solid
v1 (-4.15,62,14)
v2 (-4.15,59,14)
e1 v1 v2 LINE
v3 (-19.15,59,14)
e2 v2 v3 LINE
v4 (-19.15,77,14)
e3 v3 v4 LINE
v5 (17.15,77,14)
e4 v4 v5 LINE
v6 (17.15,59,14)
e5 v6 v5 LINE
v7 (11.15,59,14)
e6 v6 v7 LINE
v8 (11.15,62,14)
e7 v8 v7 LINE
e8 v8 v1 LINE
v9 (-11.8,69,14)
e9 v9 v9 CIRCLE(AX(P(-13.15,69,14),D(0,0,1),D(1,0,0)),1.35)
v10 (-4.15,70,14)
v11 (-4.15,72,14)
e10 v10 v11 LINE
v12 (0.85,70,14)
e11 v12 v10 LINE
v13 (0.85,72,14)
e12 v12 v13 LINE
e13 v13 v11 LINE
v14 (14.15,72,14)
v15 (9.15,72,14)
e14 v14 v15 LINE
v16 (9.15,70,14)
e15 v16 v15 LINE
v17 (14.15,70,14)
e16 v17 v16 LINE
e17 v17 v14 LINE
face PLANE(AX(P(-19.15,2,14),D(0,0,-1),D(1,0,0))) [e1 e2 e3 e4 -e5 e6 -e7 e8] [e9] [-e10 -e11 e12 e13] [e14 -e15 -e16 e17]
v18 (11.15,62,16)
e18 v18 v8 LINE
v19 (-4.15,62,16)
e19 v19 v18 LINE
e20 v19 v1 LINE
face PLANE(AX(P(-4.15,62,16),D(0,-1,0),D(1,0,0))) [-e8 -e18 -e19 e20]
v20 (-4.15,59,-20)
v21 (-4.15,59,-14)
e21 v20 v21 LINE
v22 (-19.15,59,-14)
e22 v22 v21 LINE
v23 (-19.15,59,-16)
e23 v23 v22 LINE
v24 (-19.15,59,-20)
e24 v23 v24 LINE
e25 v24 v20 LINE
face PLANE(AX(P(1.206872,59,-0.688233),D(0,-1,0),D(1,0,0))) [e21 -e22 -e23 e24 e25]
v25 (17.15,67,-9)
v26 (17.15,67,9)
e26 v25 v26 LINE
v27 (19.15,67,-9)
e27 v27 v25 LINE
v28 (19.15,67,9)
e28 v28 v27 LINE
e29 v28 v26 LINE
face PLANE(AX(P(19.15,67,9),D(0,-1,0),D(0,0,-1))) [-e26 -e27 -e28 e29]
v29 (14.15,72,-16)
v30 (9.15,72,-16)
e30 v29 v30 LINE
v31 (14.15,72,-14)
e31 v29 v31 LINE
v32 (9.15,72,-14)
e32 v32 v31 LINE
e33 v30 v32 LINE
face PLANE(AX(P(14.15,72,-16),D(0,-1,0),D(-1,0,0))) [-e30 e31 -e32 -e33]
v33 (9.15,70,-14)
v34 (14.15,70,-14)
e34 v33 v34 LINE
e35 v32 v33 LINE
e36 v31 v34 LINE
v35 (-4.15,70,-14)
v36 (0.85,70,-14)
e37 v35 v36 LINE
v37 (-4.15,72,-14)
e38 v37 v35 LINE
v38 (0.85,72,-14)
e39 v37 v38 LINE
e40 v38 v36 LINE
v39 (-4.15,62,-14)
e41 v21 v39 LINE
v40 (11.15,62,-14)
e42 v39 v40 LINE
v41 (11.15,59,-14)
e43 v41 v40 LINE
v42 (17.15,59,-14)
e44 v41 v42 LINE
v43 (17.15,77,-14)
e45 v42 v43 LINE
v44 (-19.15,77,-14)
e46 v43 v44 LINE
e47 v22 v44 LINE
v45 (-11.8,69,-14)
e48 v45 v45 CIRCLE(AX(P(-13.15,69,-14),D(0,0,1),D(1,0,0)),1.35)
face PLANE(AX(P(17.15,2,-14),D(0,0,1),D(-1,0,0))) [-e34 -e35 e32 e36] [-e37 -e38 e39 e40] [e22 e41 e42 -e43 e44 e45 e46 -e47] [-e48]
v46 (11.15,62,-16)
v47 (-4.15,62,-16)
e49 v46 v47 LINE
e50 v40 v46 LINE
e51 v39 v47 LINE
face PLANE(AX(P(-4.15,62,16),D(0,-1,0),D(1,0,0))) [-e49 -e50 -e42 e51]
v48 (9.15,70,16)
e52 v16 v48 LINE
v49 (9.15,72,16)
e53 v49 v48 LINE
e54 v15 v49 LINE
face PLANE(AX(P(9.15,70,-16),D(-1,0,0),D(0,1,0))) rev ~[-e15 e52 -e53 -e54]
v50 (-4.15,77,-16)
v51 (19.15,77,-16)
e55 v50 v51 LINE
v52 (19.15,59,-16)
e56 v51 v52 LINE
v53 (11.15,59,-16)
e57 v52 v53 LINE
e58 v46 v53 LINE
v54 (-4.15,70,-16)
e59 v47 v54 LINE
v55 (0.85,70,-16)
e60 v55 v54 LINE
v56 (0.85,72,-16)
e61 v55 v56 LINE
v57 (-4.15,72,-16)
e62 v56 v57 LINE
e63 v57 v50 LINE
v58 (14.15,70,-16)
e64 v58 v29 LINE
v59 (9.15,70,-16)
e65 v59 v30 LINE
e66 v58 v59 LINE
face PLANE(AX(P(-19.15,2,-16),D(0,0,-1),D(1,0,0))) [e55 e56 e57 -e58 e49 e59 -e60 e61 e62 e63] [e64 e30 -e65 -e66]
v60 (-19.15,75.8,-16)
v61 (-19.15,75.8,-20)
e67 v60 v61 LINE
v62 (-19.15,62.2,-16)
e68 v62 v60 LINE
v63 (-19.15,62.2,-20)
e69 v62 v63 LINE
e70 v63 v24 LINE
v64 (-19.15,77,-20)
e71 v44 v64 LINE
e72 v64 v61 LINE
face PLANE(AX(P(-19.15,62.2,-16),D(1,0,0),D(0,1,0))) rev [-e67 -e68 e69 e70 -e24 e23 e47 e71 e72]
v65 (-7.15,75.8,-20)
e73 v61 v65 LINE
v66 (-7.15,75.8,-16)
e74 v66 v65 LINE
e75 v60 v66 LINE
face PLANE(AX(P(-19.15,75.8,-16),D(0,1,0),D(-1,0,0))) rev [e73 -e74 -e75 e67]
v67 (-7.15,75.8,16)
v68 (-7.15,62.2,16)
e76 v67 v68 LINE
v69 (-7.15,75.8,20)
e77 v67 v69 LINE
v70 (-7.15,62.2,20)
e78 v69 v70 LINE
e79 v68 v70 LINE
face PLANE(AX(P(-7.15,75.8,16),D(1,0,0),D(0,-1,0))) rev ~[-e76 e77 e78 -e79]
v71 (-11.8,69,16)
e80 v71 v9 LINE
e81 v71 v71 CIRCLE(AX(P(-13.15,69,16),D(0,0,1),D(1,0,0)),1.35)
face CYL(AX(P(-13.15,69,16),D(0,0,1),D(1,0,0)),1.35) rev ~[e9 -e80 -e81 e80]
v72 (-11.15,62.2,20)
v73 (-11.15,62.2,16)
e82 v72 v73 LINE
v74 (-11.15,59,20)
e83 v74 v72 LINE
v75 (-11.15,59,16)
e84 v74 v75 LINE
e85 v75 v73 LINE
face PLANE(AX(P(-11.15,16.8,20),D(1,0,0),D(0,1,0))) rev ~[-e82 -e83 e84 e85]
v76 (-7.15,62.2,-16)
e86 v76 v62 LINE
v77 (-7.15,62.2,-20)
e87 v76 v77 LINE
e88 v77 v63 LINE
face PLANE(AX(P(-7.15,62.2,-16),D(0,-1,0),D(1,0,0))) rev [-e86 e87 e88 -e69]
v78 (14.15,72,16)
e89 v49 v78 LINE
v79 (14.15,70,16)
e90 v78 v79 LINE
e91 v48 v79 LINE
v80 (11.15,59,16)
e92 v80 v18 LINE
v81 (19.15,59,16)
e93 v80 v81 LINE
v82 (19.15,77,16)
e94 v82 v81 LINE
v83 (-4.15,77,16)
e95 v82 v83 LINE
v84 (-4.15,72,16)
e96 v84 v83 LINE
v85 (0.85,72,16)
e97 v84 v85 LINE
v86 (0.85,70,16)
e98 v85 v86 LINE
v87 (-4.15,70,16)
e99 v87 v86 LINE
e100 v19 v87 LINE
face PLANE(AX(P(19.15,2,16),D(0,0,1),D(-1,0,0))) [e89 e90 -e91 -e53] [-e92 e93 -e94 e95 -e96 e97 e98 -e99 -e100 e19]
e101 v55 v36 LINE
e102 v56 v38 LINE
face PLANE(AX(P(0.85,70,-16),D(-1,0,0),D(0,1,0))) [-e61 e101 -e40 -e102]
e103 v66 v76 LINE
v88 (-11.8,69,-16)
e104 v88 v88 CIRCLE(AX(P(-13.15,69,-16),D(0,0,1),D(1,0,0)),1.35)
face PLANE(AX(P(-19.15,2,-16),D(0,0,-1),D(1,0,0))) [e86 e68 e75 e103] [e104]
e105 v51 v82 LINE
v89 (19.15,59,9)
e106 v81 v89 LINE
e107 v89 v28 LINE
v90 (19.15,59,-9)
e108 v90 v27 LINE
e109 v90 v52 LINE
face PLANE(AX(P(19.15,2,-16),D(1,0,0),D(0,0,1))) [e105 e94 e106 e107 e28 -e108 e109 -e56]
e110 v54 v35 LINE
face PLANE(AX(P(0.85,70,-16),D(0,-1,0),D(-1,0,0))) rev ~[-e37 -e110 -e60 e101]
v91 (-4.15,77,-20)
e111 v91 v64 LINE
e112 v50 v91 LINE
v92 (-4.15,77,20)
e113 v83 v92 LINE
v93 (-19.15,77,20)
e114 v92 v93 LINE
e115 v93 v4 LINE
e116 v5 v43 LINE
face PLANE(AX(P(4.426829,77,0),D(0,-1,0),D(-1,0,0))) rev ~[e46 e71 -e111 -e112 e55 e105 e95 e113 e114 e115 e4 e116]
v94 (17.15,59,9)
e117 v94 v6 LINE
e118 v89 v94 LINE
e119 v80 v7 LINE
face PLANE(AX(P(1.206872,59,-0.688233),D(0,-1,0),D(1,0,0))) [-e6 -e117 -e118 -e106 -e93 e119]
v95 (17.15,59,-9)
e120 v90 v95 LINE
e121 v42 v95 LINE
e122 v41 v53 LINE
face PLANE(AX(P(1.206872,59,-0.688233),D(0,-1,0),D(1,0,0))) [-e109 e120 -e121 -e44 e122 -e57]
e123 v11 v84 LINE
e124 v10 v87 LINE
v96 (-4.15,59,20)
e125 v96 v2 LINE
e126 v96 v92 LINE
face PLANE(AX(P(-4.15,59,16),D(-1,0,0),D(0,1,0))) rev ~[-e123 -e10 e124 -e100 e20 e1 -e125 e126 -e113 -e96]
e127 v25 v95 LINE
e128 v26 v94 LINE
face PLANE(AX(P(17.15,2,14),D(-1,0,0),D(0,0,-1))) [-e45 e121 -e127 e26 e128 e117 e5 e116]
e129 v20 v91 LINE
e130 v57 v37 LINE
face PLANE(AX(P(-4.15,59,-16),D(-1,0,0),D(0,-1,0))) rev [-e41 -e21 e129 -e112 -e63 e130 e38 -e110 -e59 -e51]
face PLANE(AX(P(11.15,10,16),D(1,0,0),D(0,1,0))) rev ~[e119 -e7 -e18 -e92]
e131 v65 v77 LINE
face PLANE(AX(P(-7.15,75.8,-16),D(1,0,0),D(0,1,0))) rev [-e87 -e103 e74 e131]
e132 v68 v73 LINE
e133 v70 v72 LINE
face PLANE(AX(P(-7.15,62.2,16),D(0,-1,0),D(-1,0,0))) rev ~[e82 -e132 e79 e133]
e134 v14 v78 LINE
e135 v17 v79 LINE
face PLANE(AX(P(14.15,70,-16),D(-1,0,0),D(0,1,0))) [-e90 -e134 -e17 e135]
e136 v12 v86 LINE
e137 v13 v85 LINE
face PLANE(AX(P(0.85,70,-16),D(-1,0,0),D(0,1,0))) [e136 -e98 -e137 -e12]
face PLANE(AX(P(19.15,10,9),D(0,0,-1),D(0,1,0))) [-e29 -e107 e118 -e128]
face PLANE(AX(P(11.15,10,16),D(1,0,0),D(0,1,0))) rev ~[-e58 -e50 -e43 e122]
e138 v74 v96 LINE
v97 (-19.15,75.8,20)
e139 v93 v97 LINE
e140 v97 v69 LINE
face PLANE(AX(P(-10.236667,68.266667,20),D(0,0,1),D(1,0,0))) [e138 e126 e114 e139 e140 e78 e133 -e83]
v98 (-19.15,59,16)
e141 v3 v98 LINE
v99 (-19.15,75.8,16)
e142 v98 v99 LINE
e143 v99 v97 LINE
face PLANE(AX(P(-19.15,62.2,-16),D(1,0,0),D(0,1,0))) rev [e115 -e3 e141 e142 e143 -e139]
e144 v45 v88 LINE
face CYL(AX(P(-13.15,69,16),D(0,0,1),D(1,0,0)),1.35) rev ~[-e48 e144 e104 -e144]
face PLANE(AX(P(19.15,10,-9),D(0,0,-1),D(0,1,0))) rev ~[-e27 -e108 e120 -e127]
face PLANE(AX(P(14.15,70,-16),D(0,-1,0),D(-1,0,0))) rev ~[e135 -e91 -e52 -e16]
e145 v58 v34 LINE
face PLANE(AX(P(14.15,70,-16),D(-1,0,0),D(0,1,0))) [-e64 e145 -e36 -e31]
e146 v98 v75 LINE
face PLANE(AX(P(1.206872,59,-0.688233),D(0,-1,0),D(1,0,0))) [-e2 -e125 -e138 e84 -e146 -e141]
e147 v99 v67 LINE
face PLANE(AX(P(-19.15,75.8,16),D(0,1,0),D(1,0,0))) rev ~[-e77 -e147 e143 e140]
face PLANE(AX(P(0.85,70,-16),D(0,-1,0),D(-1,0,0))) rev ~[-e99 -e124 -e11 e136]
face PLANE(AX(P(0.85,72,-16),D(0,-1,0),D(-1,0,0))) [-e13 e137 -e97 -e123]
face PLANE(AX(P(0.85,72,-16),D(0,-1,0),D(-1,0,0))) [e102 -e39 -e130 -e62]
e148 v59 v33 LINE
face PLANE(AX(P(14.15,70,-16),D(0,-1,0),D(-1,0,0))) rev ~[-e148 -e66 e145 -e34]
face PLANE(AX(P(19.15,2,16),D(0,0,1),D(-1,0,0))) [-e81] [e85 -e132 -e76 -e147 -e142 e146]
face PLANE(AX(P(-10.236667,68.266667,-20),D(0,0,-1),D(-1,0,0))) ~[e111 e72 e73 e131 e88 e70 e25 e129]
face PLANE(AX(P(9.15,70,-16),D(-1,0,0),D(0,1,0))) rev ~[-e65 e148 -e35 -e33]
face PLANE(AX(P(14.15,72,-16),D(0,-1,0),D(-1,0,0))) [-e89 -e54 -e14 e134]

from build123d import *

# Parameters (mm, degrees)
SKETCH_1_W           = 38.3
SKETCH_1_H           = 32
EXTRUDE_1_DEPTH      = 2
EXTRUDE_2_DEPTH      = 75
SKETCH_9_R           = 1.35
CUT_EXTRUDE_5_DEPTH  = 33
SKETCH_10_W          = 15.3
SKETCH_10_H          = 52
CUT_EXTRUDE_6_DEPTH  = 33
SKETCH_11_W          = 28.3
SKETCH_11_H          = 22
CUT_EXTRUDE_7_DEPTH  = 78
SKETCH_13_W          = 18
SKETCH_13_H          = 57
CUT_EXTRUDE_8_DEPTH  = 39.3
SKETCH_14_W          = 5
SKETCH_14_H          = 2
CUT_EXTRUDE_9_DEPTH  = 33
EXTRUDE_3_DEPTH      = 4
EXTRUDE_4_DEPTH      = 4
SKETCH_19_W          = 8
SKETCH_19_H          = 45.4
CUT_EXTRUDE_10_DEPTH = 4
SKETCH_20_W          = 40.713744441
SKETCH_20_H          = 41.376466264
CUT_EXTRUDE_11_DEPTH = 59


with BuildPart() as part:
    # Эскиз1 → Бобышка-Вытянуть1 (new body)
    with BuildSketch(Plane(origin=(0, 0, 0), x_dir=(1, 0, 0), z_dir=(0, 1, 0))):
        Rectangle(SKETCH_1_W, SKETCH_1_H)
    extrude(amount=EXTRUDE_1_DEPTH)

    # Эскиз2 → Бобышка-Вытянуть2 (add)
    with BuildSketch(Plane(origin=(0, 2, 0), x_dir=(1, 0, 0), z_dir=(0, 1, 0))):
        Polygon((-19.15, 16), (19.15, 16), (19.15, -16), (-19.15, -16), (-19.15, -14), (17.15, -14), (17.15, 14), (-19.15, 14), align=None)
    extrude(amount=EXTRUDE_2_DEPTH)

    # Эскиз9 → Вырез-Вытянуть5 (cut, through all)
    with BuildSketch(Plane.XY.offset(16)):
        with Locations((-13.15, 69)):
            Circle(SKETCH_9_R)
        with Locations((-13.15, 10)):
            Circle(SKETCH_9_R)
    extrude(amount=-CUT_EXTRUDE_5_DEPTH, mode=Mode.SUBTRACT)

    # Эскиз10 → Вырез-Вытянуть6 (cut, through all)
    with BuildSketch(Plane.XY.offset(16)):
        with Locations((3.5, 36)):
            Rectangle(SKETCH_10_W, SKETCH_10_H)
    extrude(amount=-CUT_EXTRUDE_6_DEPTH, mode=Mode.SUBTRACT)

    # Эскиз11 → Вырез-Вытянуть7 (cut, through all)
    with BuildSketch(Plane.XZ):
        Rectangle(SKETCH_11_W, SKETCH_11_H)
    extrude(amount=-CUT_EXTRUDE_7_DEPTH, mode=Mode.SUBTRACT)

    # Эскиз13 → Вырез-Вытянуть8 (cut, through all)
    with BuildSketch(Plane(origin=(19.15, 0, 0), x_dir=(0, 0, -1), z_dir=(1, 0, 0))):
        with Locations((0, 38.5)):
            Rectangle(SKETCH_13_W, SKETCH_13_H)
    extrude(amount=-CUT_EXTRUDE_8_DEPTH, mode=Mode.SUBTRACT)

    # Эскиз14 → Вырез-Вытянуть9 (cut, through all)
    with BuildSketch(Plane(origin=(0, 0, -16), x_dir=(-1, 0, 0), z_dir=(0, 0, -1))):
        with Locations((-11.65, 71)):
            Rectangle(SKETCH_14_W, SKETCH_14_H)
        with Locations((1.65, 71)):
            Rectangle(SKETCH_14_W, SKETCH_14_H)
    extrude(amount=-CUT_EXTRUDE_9_DEPTH, mode=Mode.SUBTRACT)

    # Эскиз16 → Бобышка-Вытянуть3 (add)
    with BuildSketch(Plane.XY.offset(16)):
        Polygon((-19.15, 0), (-4.15, 0), (-4.15, 19.8), (-19.15, 19.8), (-19.15, 16.8), (-7.15, 16.8), (-7.15, 3.2), (-19.15, 3.2), align=None)
    extrude_3 = extrude(amount=EXTRUDE_3_DEPTH)

    # Зеркальное отражение1: Бобышка-Вытянуть3 across plane
    add(extrude_3.mirror(Plane.XY))

    # Эскиз18 → Бобышка-Вытянуть4 (add)
    with BuildSketch(Plane.XY.offset(16)):
        Polygon((-19.15, 62.2), (-19.15, 59), (-4.15, 59), (-4.15, 77), (-19.15, 77), (-19.15, 75.8), (-7.15, 75.8), (-7.15, 62.2), align=None)
    extrude_4 = extrude(amount=EXTRUDE_4_DEPTH)

    # Зеркальное отражение2: Бобышка-Вытянуть4 across plane
    add(extrude_4.mirror(Plane.XY))

    # Эскиз19 → Вырез-Вытянуть10 (cut)
    with BuildSketch(Plane.XY.offset(20)):
        with Locations((-15.15, 39.5)):
            Rectangle(SKETCH_19_W, SKETCH_19_H)
    extrude(amount=-CUT_EXTRUDE_10_DEPTH, mode=Mode.SUBTRACT)

    # Эскиз20 → Вырез-Вытянуть11 (cut)
    with BuildSketch(Plane.XZ):
        with Locations((1.20687222, -0.688233132)):
            Rectangle(SKETCH_20_W, SKETCH_20_H)
    extrude(amount=-CUT_EXTRUDE_11_DEPTH, mode=Mode.SUBTRACT)


solid = part.part
